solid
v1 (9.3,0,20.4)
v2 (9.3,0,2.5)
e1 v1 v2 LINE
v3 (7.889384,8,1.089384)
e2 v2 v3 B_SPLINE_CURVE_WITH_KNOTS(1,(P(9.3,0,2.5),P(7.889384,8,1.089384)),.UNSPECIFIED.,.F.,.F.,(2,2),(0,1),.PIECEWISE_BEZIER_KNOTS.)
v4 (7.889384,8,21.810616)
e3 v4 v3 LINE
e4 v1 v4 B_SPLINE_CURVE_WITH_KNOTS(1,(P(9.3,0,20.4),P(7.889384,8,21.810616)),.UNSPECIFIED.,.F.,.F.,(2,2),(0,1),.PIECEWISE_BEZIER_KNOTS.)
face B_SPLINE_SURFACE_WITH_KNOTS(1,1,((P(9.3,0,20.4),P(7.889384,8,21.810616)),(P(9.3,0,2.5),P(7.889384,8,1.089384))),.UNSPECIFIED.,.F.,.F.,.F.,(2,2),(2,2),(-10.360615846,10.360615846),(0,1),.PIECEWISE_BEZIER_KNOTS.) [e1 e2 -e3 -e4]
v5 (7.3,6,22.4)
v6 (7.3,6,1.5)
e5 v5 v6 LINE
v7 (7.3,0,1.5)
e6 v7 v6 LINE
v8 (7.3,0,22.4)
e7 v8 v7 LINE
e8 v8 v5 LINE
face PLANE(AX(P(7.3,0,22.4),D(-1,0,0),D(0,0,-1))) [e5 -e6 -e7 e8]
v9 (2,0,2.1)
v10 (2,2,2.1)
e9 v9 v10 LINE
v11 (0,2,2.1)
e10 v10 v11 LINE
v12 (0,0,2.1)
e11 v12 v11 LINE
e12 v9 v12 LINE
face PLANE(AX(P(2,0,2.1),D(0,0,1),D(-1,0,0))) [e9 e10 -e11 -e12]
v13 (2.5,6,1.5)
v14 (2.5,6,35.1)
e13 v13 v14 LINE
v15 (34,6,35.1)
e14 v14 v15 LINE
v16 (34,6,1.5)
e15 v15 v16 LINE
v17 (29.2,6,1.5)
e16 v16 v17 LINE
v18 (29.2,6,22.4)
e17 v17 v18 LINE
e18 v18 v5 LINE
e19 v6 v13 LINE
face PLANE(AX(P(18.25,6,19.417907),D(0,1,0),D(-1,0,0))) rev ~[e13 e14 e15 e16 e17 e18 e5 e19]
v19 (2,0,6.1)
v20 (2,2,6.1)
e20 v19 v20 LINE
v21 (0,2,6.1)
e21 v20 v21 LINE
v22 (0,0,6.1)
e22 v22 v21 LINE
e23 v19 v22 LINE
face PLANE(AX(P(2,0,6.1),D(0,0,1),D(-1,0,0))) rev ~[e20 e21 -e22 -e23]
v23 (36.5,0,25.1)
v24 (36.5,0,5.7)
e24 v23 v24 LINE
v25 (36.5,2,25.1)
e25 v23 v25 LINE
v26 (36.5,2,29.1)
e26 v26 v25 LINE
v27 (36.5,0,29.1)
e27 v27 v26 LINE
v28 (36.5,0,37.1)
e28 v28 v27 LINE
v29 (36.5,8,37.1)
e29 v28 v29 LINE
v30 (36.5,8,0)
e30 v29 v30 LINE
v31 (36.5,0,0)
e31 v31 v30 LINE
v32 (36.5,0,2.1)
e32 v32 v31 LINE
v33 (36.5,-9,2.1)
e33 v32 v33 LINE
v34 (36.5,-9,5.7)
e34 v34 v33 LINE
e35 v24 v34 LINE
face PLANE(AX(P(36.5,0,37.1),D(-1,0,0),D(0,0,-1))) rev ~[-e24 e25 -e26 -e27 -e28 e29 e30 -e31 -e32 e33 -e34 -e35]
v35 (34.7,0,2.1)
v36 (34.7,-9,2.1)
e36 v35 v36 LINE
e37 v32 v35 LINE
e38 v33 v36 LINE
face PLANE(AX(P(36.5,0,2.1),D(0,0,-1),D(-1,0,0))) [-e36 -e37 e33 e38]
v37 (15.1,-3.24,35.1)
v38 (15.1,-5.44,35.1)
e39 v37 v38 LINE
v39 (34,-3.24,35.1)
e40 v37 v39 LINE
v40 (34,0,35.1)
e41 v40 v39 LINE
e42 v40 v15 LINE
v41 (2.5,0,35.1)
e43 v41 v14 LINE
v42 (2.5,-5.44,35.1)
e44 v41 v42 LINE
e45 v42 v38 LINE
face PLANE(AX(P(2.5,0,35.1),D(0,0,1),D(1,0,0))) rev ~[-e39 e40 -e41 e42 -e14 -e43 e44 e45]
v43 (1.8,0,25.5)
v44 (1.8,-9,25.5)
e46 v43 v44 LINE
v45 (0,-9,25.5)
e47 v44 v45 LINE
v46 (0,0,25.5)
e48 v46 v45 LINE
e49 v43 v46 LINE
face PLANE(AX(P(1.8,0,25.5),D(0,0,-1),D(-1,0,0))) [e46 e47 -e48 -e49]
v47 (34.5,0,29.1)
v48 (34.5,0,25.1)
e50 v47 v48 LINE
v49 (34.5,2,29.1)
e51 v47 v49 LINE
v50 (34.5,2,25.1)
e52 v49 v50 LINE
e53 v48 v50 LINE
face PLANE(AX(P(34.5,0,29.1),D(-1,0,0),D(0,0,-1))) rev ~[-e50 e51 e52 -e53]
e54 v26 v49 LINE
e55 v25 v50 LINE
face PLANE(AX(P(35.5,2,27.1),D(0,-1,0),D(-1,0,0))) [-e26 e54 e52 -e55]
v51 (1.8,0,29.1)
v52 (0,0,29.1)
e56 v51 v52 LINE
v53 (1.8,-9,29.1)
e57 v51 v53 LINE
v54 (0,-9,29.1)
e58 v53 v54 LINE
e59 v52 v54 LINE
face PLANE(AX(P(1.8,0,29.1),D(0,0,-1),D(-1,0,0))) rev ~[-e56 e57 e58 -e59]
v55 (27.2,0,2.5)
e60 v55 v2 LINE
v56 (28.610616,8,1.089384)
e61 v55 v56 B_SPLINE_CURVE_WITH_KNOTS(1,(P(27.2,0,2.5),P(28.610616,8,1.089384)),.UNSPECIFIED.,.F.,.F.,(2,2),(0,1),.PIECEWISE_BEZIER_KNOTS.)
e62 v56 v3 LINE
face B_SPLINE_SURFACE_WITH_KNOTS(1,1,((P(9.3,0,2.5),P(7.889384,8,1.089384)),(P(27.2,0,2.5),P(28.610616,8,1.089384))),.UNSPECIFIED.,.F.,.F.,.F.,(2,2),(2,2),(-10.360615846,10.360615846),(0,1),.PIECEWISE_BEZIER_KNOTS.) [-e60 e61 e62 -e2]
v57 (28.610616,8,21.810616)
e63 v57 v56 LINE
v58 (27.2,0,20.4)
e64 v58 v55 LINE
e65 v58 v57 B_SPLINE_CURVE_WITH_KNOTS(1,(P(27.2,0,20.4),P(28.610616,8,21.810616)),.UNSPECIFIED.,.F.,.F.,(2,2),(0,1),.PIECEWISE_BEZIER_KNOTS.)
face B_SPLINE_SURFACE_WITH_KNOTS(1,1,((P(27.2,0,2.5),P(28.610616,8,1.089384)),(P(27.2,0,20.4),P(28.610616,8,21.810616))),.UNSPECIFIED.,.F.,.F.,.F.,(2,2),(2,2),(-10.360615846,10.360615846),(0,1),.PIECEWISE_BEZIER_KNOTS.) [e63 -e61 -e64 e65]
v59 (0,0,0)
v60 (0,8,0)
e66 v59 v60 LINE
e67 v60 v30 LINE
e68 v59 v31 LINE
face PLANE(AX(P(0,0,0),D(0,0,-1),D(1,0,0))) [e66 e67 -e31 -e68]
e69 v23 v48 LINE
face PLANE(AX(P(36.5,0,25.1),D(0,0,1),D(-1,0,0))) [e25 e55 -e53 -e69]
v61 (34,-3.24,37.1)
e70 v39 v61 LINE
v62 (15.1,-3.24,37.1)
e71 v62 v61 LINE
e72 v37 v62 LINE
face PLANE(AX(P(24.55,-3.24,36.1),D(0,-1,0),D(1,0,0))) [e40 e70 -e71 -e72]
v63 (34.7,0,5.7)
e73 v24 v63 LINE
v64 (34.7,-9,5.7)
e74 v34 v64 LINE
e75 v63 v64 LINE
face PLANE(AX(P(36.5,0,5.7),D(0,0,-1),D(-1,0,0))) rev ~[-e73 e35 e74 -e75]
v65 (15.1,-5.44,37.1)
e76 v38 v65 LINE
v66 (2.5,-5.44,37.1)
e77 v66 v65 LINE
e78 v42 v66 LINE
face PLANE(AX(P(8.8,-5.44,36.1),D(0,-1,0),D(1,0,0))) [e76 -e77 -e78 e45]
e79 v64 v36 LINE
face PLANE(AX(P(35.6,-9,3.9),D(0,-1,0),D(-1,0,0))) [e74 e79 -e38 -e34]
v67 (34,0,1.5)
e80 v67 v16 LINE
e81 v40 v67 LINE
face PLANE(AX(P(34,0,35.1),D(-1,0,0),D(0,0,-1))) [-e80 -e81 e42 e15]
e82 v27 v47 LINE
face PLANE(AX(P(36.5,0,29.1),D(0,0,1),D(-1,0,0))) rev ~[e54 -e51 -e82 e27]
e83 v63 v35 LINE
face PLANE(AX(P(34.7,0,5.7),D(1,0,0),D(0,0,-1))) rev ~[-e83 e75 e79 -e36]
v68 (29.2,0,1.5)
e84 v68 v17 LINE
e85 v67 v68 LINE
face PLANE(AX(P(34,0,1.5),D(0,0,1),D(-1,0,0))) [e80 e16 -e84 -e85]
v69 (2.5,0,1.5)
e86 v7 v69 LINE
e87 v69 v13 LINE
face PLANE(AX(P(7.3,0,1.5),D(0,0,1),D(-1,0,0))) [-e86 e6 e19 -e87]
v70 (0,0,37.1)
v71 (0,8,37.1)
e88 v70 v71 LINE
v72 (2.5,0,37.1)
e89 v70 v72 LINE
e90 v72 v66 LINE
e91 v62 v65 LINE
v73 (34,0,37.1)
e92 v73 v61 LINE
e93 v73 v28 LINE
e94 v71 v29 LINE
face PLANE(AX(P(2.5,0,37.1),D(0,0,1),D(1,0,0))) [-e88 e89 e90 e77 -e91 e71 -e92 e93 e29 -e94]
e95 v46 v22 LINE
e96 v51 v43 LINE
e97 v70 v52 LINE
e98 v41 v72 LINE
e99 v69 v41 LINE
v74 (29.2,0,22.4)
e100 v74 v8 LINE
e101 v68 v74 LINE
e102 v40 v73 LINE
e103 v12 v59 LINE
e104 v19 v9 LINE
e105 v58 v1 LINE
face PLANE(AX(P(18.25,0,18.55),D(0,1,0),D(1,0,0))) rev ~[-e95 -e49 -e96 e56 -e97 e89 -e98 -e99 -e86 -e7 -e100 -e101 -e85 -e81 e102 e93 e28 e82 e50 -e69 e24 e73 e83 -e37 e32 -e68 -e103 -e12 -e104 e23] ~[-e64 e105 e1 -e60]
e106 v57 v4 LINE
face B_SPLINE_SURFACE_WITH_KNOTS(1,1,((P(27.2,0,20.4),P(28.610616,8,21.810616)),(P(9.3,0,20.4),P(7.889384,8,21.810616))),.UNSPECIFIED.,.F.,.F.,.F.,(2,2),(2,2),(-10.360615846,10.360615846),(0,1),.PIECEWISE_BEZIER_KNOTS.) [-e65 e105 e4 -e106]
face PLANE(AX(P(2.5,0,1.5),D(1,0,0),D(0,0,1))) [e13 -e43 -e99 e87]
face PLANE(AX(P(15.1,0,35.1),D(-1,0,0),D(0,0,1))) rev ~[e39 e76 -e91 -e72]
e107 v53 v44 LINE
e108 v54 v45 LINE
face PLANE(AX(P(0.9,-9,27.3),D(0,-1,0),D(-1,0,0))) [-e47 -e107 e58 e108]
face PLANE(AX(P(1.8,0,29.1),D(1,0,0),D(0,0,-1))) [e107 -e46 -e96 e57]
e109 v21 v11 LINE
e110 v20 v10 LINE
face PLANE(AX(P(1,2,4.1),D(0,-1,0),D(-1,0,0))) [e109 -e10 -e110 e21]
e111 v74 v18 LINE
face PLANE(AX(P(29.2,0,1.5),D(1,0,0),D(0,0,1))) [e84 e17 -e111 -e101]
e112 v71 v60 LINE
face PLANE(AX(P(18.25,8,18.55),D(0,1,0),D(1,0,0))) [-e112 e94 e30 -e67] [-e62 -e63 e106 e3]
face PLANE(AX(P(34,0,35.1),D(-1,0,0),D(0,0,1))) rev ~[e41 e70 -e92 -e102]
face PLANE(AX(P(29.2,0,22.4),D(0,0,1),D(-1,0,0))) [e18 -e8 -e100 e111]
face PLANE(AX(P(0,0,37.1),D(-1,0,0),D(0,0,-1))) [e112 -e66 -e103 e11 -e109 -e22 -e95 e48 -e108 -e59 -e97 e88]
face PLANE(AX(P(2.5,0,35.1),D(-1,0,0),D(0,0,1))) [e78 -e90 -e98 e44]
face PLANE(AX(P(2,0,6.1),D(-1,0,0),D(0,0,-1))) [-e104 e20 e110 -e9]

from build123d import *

# Parameters (mm, degrees)
SKETCH1_W          = 36.5
SKETCH1_H          = 37.1
BODY_DEPTH         = 8
SKETCH2_W          = 2
SKETCH2_H          = 4
FEMALE_TABS_DEPTH  = 2
SKETCH3_W          = 1.8
SKETCH3_H          = 3.6
MALE_TABS_DEPTH    = 9
SKETCH5_W          = 17.9
SKETCH5_H          = 17.9
SIPM_WINDOW_DEPTH  = 8
SIPM_WINDOW_TAPER  = -10
CUT_EXTRUDE2_DEPTH = 6
SKETCH7_W          = 18.9
SKETCH7_H          = 2
RIGHT_DROP_DEPTH   = 3.24
SKETCH8_W          = 12.6
SKETCH8_H          = 2
LEFT_DROP_DEPTH    = 5.44


with BuildPart() as part:
    # Sketch1 → Body (new body)
    with BuildSketch(Plane(origin=(0, 0, 0), x_dir=(1, 0, 0), z_dir=(0, 1, 0))):
        with Locations((18.25, -18.55)):
            Rectangle(SKETCH1_W, SKETCH1_H)
    extrude(amount=BODY_DEPTH)

    # Sketch2 → Female Tabs (cut)
    with BuildSketch(Plane(origin=(0, 0, 0), x_dir=(-1, 0, 0), z_dir=(0, -1, 0))):
        with Locations((-1, -4.1)):
            Rectangle(SKETCH2_W, SKETCH2_H)
        with Locations((-35.5, -27.1)):
            Rectangle(SKETCH2_W, SKETCH2_H)
    extrude(amount=-FEMALE_TABS_DEPTH, mode=Mode.SUBTRACT)

    # Sketch3 → Male Tabs (add)
    with BuildSketch(Plane(origin=(0, 0, 0), x_dir=(-1, 0, 0), z_dir=(0, -1, 0))):
        with Locations((-0.9, -27.3)):
            Rectangle(SKETCH3_W, SKETCH3_H)
        with Locations((-35.6, -3.9)):
            Rectangle(SKETCH3_W, SKETCH3_H)
    extrude(amount=MALE_TABS_DEPTH)

    # Sketch5 → SiPM Window (cut)
    with BuildSketch(Plane(origin=(0, 0, 0), x_dir=(-1, 0, 0), z_dir=(0, -1, 0))):
        with Locations((-18.25, -11.45)):
            Rectangle(SKETCH5_W, SKETCH5_H)
    extrude(amount=-SIPM_WINDOW_DEPTH, taper=SIPM_WINDOW_TAPER, mode=Mode.SUBTRACT)

    # Sketch6 → Cut-Extrude2 (cut)
    with BuildSketch(Plane.XZ):
        Polygon((34, 1.5), (29.2, 1.5), (29.2, 22.4), (7.3, 22.4), (7.3, 1.5), (2.5, 1.5), (2.5, 35.1), (34, 35.1), align=None)
    extrude(amount=-CUT_EXTRUDE2_DEPTH, mode=Mode.SUBTRACT)

    # Sketch7 → Right Drop (add)
    with BuildSketch(Plane.XZ):
        with Locations((24.55, 36.1)):
            Rectangle(SKETCH7_W, SKETCH7_H)
    extrude(amount=RIGHT_DROP_DEPTH)

    # Sketch8 → Left Drop (add)
    with BuildSketch(Plane.XZ):
        with Locations((8.8, 36.1)):
            Rectangle(SKETCH8_W, SKETCH8_H)
    extrude(amount=LEFT_DROP_DEPTH)


solid = part.part
